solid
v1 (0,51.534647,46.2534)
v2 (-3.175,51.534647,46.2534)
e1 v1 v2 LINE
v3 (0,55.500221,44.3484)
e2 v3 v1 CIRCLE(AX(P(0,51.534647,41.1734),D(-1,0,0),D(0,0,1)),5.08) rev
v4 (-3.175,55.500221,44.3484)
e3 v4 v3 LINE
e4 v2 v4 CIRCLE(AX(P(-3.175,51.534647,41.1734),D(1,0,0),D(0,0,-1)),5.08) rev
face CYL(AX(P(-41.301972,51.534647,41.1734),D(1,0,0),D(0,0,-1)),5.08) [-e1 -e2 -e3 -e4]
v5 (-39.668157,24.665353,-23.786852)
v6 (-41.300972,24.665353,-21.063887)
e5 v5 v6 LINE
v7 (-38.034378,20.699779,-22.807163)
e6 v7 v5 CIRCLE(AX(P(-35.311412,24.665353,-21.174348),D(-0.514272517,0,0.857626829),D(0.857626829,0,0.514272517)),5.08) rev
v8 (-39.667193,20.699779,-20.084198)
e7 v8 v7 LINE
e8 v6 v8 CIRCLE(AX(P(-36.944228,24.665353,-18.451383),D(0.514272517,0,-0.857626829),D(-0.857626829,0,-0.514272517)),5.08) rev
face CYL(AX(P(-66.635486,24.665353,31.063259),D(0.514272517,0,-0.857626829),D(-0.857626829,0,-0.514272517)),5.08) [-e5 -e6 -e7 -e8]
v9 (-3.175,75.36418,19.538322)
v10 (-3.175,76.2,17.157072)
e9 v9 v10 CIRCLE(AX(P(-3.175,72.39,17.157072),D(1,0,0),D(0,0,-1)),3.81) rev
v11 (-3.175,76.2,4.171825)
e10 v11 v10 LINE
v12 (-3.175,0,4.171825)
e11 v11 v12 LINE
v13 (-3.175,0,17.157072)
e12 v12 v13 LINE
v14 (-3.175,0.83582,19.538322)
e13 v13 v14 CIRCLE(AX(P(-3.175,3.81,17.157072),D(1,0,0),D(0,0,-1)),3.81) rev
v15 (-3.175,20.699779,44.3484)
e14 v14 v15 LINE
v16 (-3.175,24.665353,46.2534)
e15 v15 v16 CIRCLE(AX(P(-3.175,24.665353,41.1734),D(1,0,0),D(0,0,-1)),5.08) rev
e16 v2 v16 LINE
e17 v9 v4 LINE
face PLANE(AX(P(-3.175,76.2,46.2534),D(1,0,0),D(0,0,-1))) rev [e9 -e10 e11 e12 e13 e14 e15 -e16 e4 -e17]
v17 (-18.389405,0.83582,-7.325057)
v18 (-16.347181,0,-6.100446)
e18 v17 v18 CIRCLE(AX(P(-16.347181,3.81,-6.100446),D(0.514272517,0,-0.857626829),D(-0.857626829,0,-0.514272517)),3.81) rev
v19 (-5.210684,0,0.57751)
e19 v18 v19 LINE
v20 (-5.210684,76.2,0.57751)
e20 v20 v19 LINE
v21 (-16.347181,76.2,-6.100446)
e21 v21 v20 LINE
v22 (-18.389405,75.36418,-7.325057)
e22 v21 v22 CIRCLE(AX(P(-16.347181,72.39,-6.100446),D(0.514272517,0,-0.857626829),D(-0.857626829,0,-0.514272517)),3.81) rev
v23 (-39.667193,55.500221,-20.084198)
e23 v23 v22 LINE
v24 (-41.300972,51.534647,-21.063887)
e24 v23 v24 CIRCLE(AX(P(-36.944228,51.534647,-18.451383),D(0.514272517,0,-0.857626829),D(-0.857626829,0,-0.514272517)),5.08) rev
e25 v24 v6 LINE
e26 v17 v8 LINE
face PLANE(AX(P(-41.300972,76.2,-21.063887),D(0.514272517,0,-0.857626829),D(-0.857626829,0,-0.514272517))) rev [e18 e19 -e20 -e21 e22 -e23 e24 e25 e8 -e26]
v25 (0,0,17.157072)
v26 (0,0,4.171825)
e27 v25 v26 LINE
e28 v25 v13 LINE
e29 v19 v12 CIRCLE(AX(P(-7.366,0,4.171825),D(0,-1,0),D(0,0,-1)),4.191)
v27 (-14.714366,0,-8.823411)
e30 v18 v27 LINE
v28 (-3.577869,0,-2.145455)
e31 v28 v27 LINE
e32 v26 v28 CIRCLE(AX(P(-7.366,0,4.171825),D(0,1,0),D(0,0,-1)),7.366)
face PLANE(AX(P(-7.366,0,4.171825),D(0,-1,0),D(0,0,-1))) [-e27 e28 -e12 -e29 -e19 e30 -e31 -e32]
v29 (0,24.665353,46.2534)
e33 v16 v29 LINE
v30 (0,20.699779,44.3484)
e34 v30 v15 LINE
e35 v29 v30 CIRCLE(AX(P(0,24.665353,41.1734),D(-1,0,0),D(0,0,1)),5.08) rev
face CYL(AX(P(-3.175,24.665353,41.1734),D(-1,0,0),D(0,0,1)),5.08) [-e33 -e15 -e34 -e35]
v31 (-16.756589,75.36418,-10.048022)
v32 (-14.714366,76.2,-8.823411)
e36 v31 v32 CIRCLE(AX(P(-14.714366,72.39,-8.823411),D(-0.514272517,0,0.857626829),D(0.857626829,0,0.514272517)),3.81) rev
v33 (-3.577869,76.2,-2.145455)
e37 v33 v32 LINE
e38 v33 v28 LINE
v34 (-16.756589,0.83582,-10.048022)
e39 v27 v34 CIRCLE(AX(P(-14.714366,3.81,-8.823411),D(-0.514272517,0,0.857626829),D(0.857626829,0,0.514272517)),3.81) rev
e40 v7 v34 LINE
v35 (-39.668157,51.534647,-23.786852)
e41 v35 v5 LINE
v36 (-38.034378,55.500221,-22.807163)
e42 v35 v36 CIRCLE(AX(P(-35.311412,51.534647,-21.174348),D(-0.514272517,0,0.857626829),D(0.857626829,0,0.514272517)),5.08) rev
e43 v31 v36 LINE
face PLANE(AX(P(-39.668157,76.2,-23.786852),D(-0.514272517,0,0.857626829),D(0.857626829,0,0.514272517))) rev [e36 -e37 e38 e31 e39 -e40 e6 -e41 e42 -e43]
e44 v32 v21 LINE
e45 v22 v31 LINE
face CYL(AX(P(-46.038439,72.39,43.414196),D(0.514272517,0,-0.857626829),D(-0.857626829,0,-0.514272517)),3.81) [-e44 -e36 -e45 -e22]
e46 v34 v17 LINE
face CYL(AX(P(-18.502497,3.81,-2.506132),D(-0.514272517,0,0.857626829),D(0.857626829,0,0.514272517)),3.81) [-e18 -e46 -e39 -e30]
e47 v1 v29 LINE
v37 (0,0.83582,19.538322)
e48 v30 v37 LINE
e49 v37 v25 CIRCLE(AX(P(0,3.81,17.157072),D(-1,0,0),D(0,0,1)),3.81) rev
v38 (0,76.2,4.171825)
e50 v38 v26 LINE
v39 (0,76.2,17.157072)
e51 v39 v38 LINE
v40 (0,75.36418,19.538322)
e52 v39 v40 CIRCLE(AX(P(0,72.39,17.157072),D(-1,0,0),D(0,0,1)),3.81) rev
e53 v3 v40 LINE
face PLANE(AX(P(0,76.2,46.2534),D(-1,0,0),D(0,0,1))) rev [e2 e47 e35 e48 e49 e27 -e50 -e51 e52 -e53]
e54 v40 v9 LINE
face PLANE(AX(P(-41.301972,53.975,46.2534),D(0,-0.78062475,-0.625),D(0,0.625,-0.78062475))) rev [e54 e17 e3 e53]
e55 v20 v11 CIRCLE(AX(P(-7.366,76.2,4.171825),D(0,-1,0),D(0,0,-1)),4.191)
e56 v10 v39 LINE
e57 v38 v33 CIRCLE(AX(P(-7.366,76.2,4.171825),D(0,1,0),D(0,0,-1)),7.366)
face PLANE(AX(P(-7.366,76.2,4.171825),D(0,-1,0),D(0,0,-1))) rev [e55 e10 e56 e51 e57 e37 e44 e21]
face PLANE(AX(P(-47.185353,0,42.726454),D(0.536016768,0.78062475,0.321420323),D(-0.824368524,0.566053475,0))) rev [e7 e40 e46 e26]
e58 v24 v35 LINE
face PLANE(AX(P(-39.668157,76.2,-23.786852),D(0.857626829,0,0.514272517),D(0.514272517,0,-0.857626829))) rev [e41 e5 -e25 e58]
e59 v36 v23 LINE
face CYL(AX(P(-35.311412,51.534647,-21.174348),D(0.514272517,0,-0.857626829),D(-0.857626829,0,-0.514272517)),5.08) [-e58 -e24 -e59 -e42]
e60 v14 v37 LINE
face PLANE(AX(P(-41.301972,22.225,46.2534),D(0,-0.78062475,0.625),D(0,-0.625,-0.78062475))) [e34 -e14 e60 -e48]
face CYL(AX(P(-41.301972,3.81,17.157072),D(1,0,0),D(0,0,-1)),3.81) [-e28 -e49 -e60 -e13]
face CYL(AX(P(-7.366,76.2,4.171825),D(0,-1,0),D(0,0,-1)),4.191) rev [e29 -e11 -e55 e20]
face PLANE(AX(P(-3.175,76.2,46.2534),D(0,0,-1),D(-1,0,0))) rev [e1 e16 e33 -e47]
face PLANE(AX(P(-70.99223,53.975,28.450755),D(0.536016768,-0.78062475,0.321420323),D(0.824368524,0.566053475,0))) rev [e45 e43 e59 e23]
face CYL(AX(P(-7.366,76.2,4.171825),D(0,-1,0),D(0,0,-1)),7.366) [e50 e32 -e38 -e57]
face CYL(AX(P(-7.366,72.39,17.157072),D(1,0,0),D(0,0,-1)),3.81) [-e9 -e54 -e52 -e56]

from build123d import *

# Parameters (mm, degrees)
BOSS_EXTRUDE2_DEPTH = 76.2
CUT_EXTRUDE3_REACH  = 43.301
CUT_EXTRUDE4_REACH  = 62.908
FILLET1_R           = 5.08
FILLET2_R           = 3.81


with BuildPart() as part:
    # Sketch1 → Boss-Extrude2 (new body)
    with BuildSketch(Plane(origin=(0, 0, 0), x_dir=(1, 0, 0), z_dir=(0, 1, 0))):
        with BuildLine():
            Line((-39.668156778, 23.786852448), (-3.577868638, 2.145454699))
            ThreePointArc((-3.577868638, 2.145454699), (-0.956579917, -0.541770779), (0, -4.171824524))
            Line((0, -4.171824524), (0, -46.2534))
            Line((0, -46.2534), (-3.175, -46.2534))
            Line((-3.175, -46.2534), (-3.175, -4.171824524))
            ThreePointArc((-3.175, -4.171824524), (-3.719260987, -2.106449117), (-5.21068388, -0.577510483))
            Line((-5.21068388, -0.577510483), (-41.300972021, 21.063887265))
            Line((-41.300972021, 21.063887265), (-39.668156778, 23.786852448))
        make_face()
    extrude(amount=BOSS_EXTRUDE2_DEPTH)

    # Sketch2 → Cut-Extrude3 (cut, up to next)
    with BuildSketch(Plane(origin=(0, 0, 0), x_dir=(0, 0, -1), z_dir=(1, 0, 0)), mode=Mode.PRIVATE) as cut_extrude3_sk1:
        Polygon((-46.2534, 53.975), (-18.494383897, 76.2), (-46.2534, 76.2), align=None)
    cut_extrude3_tool1 = extrude(cut_extrude3_sk1.sketch, amount=-CUT_EXTRUDE3_REACH, mode=Mode.PRIVATE) & part.part
    add(cut_extrude3_tool1.solids().sort_by_distance((0, 68.791667, 37.000395))[0], mode=Mode.SUBTRACT)
    # Sketch2 → Cut-Extrude3 (cut, up to next)
    with BuildSketch(Plane(origin=(0, 0, 0), x_dir=(0, 0, -1), z_dir=(1, 0, 0)), mode=Mode.PRIVATE) as cut_extrude3_sk2:
        Polygon((-46.2534, 22.225), (-46.2534, 0), (-18.494383897, 0), align=None)
    cut_extrude3_tool2 = extrude(cut_extrude3_sk2.sketch, amount=-CUT_EXTRUDE3_REACH, mode=Mode.PRIVATE) & part.part
    add(cut_extrude3_tool2.solids().sort_by_distance((0, 7.408333, 37.000395))[0], mode=Mode.SUBTRACT)

    # Sketch4 → Cut-Extrude4 (cut, up to next)
    with BuildSketch(Plane(origin=(0, 0, 0), x_dir=(-0.857626829, 0, -0.514272517), z_dir=(0.514272517, 0, -0.857626829)), mode=Mode.PRIVATE) as cut_extrude4_sk1:
        Polygon((46.2534, 53.975), (18.494383897, 76.2), (46.2534, 76.2), align=None)
    cut_extrude4_tool1 = extrude(cut_extrude4_sk1.sketch, amount=-CUT_EXTRUDE4_REACH, mode=Mode.PRIVATE) & part.part
    add(cut_extrude4_tool1.solids().sort_by_distance((-31.732531, 68.791667, -19.028286))[0], mode=Mode.SUBTRACT)
    # Sketch4 → Cut-Extrude4 (cut, up to next)
    with BuildSketch(Plane(origin=(0, 0, 0), x_dir=(-0.857626829, 0, -0.514272517), z_dir=(0.514272517, 0, -0.857626829)), mode=Mode.PRIVATE) as cut_extrude4_sk2:
        Polygon((18.494383897, 0), (46.2534, 22.225), (46.2534, 0), align=None)
    cut_extrude4_tool2 = extrude(cut_extrude4_sk2.sketch, amount=-CUT_EXTRUDE4_REACH, mode=Mode.PRIVATE) & part.part
    add(cut_extrude4_tool2.solids().sort_by_distance((-31.732531, 7.408333, -19.028286))[0], mode=Mode.SUBTRACT)

    # Fillet1
    fillet1_edges = [part.edges().sort_by_distance(p)[0] for p in [
        (-1.5875, 22.225, 46.2534),
        (-1.5875, 53.975, 46.2534),
        (-40.4845644, 22.225, -22.425369856),
        (-40.4845644, 53.975, -22.425369856),
    ]]
    fillet(fillet1_edges, radius=FILLET1_R)

    # Fillet2
    fillet2_edges = [part.edges().sort_by_distance(p)[0] for p in [
        (-1.5875, 0, 18.494383897),
        (-1.5875, 76.2, 18.494383897),
        (-16.677687439, 0, -8.14967077),
        (-16.677687439, 76.2, -8.14967077),
    ]]
    fillet(fillet2_edges, radius=FILLET2_R)


solid = part.part
